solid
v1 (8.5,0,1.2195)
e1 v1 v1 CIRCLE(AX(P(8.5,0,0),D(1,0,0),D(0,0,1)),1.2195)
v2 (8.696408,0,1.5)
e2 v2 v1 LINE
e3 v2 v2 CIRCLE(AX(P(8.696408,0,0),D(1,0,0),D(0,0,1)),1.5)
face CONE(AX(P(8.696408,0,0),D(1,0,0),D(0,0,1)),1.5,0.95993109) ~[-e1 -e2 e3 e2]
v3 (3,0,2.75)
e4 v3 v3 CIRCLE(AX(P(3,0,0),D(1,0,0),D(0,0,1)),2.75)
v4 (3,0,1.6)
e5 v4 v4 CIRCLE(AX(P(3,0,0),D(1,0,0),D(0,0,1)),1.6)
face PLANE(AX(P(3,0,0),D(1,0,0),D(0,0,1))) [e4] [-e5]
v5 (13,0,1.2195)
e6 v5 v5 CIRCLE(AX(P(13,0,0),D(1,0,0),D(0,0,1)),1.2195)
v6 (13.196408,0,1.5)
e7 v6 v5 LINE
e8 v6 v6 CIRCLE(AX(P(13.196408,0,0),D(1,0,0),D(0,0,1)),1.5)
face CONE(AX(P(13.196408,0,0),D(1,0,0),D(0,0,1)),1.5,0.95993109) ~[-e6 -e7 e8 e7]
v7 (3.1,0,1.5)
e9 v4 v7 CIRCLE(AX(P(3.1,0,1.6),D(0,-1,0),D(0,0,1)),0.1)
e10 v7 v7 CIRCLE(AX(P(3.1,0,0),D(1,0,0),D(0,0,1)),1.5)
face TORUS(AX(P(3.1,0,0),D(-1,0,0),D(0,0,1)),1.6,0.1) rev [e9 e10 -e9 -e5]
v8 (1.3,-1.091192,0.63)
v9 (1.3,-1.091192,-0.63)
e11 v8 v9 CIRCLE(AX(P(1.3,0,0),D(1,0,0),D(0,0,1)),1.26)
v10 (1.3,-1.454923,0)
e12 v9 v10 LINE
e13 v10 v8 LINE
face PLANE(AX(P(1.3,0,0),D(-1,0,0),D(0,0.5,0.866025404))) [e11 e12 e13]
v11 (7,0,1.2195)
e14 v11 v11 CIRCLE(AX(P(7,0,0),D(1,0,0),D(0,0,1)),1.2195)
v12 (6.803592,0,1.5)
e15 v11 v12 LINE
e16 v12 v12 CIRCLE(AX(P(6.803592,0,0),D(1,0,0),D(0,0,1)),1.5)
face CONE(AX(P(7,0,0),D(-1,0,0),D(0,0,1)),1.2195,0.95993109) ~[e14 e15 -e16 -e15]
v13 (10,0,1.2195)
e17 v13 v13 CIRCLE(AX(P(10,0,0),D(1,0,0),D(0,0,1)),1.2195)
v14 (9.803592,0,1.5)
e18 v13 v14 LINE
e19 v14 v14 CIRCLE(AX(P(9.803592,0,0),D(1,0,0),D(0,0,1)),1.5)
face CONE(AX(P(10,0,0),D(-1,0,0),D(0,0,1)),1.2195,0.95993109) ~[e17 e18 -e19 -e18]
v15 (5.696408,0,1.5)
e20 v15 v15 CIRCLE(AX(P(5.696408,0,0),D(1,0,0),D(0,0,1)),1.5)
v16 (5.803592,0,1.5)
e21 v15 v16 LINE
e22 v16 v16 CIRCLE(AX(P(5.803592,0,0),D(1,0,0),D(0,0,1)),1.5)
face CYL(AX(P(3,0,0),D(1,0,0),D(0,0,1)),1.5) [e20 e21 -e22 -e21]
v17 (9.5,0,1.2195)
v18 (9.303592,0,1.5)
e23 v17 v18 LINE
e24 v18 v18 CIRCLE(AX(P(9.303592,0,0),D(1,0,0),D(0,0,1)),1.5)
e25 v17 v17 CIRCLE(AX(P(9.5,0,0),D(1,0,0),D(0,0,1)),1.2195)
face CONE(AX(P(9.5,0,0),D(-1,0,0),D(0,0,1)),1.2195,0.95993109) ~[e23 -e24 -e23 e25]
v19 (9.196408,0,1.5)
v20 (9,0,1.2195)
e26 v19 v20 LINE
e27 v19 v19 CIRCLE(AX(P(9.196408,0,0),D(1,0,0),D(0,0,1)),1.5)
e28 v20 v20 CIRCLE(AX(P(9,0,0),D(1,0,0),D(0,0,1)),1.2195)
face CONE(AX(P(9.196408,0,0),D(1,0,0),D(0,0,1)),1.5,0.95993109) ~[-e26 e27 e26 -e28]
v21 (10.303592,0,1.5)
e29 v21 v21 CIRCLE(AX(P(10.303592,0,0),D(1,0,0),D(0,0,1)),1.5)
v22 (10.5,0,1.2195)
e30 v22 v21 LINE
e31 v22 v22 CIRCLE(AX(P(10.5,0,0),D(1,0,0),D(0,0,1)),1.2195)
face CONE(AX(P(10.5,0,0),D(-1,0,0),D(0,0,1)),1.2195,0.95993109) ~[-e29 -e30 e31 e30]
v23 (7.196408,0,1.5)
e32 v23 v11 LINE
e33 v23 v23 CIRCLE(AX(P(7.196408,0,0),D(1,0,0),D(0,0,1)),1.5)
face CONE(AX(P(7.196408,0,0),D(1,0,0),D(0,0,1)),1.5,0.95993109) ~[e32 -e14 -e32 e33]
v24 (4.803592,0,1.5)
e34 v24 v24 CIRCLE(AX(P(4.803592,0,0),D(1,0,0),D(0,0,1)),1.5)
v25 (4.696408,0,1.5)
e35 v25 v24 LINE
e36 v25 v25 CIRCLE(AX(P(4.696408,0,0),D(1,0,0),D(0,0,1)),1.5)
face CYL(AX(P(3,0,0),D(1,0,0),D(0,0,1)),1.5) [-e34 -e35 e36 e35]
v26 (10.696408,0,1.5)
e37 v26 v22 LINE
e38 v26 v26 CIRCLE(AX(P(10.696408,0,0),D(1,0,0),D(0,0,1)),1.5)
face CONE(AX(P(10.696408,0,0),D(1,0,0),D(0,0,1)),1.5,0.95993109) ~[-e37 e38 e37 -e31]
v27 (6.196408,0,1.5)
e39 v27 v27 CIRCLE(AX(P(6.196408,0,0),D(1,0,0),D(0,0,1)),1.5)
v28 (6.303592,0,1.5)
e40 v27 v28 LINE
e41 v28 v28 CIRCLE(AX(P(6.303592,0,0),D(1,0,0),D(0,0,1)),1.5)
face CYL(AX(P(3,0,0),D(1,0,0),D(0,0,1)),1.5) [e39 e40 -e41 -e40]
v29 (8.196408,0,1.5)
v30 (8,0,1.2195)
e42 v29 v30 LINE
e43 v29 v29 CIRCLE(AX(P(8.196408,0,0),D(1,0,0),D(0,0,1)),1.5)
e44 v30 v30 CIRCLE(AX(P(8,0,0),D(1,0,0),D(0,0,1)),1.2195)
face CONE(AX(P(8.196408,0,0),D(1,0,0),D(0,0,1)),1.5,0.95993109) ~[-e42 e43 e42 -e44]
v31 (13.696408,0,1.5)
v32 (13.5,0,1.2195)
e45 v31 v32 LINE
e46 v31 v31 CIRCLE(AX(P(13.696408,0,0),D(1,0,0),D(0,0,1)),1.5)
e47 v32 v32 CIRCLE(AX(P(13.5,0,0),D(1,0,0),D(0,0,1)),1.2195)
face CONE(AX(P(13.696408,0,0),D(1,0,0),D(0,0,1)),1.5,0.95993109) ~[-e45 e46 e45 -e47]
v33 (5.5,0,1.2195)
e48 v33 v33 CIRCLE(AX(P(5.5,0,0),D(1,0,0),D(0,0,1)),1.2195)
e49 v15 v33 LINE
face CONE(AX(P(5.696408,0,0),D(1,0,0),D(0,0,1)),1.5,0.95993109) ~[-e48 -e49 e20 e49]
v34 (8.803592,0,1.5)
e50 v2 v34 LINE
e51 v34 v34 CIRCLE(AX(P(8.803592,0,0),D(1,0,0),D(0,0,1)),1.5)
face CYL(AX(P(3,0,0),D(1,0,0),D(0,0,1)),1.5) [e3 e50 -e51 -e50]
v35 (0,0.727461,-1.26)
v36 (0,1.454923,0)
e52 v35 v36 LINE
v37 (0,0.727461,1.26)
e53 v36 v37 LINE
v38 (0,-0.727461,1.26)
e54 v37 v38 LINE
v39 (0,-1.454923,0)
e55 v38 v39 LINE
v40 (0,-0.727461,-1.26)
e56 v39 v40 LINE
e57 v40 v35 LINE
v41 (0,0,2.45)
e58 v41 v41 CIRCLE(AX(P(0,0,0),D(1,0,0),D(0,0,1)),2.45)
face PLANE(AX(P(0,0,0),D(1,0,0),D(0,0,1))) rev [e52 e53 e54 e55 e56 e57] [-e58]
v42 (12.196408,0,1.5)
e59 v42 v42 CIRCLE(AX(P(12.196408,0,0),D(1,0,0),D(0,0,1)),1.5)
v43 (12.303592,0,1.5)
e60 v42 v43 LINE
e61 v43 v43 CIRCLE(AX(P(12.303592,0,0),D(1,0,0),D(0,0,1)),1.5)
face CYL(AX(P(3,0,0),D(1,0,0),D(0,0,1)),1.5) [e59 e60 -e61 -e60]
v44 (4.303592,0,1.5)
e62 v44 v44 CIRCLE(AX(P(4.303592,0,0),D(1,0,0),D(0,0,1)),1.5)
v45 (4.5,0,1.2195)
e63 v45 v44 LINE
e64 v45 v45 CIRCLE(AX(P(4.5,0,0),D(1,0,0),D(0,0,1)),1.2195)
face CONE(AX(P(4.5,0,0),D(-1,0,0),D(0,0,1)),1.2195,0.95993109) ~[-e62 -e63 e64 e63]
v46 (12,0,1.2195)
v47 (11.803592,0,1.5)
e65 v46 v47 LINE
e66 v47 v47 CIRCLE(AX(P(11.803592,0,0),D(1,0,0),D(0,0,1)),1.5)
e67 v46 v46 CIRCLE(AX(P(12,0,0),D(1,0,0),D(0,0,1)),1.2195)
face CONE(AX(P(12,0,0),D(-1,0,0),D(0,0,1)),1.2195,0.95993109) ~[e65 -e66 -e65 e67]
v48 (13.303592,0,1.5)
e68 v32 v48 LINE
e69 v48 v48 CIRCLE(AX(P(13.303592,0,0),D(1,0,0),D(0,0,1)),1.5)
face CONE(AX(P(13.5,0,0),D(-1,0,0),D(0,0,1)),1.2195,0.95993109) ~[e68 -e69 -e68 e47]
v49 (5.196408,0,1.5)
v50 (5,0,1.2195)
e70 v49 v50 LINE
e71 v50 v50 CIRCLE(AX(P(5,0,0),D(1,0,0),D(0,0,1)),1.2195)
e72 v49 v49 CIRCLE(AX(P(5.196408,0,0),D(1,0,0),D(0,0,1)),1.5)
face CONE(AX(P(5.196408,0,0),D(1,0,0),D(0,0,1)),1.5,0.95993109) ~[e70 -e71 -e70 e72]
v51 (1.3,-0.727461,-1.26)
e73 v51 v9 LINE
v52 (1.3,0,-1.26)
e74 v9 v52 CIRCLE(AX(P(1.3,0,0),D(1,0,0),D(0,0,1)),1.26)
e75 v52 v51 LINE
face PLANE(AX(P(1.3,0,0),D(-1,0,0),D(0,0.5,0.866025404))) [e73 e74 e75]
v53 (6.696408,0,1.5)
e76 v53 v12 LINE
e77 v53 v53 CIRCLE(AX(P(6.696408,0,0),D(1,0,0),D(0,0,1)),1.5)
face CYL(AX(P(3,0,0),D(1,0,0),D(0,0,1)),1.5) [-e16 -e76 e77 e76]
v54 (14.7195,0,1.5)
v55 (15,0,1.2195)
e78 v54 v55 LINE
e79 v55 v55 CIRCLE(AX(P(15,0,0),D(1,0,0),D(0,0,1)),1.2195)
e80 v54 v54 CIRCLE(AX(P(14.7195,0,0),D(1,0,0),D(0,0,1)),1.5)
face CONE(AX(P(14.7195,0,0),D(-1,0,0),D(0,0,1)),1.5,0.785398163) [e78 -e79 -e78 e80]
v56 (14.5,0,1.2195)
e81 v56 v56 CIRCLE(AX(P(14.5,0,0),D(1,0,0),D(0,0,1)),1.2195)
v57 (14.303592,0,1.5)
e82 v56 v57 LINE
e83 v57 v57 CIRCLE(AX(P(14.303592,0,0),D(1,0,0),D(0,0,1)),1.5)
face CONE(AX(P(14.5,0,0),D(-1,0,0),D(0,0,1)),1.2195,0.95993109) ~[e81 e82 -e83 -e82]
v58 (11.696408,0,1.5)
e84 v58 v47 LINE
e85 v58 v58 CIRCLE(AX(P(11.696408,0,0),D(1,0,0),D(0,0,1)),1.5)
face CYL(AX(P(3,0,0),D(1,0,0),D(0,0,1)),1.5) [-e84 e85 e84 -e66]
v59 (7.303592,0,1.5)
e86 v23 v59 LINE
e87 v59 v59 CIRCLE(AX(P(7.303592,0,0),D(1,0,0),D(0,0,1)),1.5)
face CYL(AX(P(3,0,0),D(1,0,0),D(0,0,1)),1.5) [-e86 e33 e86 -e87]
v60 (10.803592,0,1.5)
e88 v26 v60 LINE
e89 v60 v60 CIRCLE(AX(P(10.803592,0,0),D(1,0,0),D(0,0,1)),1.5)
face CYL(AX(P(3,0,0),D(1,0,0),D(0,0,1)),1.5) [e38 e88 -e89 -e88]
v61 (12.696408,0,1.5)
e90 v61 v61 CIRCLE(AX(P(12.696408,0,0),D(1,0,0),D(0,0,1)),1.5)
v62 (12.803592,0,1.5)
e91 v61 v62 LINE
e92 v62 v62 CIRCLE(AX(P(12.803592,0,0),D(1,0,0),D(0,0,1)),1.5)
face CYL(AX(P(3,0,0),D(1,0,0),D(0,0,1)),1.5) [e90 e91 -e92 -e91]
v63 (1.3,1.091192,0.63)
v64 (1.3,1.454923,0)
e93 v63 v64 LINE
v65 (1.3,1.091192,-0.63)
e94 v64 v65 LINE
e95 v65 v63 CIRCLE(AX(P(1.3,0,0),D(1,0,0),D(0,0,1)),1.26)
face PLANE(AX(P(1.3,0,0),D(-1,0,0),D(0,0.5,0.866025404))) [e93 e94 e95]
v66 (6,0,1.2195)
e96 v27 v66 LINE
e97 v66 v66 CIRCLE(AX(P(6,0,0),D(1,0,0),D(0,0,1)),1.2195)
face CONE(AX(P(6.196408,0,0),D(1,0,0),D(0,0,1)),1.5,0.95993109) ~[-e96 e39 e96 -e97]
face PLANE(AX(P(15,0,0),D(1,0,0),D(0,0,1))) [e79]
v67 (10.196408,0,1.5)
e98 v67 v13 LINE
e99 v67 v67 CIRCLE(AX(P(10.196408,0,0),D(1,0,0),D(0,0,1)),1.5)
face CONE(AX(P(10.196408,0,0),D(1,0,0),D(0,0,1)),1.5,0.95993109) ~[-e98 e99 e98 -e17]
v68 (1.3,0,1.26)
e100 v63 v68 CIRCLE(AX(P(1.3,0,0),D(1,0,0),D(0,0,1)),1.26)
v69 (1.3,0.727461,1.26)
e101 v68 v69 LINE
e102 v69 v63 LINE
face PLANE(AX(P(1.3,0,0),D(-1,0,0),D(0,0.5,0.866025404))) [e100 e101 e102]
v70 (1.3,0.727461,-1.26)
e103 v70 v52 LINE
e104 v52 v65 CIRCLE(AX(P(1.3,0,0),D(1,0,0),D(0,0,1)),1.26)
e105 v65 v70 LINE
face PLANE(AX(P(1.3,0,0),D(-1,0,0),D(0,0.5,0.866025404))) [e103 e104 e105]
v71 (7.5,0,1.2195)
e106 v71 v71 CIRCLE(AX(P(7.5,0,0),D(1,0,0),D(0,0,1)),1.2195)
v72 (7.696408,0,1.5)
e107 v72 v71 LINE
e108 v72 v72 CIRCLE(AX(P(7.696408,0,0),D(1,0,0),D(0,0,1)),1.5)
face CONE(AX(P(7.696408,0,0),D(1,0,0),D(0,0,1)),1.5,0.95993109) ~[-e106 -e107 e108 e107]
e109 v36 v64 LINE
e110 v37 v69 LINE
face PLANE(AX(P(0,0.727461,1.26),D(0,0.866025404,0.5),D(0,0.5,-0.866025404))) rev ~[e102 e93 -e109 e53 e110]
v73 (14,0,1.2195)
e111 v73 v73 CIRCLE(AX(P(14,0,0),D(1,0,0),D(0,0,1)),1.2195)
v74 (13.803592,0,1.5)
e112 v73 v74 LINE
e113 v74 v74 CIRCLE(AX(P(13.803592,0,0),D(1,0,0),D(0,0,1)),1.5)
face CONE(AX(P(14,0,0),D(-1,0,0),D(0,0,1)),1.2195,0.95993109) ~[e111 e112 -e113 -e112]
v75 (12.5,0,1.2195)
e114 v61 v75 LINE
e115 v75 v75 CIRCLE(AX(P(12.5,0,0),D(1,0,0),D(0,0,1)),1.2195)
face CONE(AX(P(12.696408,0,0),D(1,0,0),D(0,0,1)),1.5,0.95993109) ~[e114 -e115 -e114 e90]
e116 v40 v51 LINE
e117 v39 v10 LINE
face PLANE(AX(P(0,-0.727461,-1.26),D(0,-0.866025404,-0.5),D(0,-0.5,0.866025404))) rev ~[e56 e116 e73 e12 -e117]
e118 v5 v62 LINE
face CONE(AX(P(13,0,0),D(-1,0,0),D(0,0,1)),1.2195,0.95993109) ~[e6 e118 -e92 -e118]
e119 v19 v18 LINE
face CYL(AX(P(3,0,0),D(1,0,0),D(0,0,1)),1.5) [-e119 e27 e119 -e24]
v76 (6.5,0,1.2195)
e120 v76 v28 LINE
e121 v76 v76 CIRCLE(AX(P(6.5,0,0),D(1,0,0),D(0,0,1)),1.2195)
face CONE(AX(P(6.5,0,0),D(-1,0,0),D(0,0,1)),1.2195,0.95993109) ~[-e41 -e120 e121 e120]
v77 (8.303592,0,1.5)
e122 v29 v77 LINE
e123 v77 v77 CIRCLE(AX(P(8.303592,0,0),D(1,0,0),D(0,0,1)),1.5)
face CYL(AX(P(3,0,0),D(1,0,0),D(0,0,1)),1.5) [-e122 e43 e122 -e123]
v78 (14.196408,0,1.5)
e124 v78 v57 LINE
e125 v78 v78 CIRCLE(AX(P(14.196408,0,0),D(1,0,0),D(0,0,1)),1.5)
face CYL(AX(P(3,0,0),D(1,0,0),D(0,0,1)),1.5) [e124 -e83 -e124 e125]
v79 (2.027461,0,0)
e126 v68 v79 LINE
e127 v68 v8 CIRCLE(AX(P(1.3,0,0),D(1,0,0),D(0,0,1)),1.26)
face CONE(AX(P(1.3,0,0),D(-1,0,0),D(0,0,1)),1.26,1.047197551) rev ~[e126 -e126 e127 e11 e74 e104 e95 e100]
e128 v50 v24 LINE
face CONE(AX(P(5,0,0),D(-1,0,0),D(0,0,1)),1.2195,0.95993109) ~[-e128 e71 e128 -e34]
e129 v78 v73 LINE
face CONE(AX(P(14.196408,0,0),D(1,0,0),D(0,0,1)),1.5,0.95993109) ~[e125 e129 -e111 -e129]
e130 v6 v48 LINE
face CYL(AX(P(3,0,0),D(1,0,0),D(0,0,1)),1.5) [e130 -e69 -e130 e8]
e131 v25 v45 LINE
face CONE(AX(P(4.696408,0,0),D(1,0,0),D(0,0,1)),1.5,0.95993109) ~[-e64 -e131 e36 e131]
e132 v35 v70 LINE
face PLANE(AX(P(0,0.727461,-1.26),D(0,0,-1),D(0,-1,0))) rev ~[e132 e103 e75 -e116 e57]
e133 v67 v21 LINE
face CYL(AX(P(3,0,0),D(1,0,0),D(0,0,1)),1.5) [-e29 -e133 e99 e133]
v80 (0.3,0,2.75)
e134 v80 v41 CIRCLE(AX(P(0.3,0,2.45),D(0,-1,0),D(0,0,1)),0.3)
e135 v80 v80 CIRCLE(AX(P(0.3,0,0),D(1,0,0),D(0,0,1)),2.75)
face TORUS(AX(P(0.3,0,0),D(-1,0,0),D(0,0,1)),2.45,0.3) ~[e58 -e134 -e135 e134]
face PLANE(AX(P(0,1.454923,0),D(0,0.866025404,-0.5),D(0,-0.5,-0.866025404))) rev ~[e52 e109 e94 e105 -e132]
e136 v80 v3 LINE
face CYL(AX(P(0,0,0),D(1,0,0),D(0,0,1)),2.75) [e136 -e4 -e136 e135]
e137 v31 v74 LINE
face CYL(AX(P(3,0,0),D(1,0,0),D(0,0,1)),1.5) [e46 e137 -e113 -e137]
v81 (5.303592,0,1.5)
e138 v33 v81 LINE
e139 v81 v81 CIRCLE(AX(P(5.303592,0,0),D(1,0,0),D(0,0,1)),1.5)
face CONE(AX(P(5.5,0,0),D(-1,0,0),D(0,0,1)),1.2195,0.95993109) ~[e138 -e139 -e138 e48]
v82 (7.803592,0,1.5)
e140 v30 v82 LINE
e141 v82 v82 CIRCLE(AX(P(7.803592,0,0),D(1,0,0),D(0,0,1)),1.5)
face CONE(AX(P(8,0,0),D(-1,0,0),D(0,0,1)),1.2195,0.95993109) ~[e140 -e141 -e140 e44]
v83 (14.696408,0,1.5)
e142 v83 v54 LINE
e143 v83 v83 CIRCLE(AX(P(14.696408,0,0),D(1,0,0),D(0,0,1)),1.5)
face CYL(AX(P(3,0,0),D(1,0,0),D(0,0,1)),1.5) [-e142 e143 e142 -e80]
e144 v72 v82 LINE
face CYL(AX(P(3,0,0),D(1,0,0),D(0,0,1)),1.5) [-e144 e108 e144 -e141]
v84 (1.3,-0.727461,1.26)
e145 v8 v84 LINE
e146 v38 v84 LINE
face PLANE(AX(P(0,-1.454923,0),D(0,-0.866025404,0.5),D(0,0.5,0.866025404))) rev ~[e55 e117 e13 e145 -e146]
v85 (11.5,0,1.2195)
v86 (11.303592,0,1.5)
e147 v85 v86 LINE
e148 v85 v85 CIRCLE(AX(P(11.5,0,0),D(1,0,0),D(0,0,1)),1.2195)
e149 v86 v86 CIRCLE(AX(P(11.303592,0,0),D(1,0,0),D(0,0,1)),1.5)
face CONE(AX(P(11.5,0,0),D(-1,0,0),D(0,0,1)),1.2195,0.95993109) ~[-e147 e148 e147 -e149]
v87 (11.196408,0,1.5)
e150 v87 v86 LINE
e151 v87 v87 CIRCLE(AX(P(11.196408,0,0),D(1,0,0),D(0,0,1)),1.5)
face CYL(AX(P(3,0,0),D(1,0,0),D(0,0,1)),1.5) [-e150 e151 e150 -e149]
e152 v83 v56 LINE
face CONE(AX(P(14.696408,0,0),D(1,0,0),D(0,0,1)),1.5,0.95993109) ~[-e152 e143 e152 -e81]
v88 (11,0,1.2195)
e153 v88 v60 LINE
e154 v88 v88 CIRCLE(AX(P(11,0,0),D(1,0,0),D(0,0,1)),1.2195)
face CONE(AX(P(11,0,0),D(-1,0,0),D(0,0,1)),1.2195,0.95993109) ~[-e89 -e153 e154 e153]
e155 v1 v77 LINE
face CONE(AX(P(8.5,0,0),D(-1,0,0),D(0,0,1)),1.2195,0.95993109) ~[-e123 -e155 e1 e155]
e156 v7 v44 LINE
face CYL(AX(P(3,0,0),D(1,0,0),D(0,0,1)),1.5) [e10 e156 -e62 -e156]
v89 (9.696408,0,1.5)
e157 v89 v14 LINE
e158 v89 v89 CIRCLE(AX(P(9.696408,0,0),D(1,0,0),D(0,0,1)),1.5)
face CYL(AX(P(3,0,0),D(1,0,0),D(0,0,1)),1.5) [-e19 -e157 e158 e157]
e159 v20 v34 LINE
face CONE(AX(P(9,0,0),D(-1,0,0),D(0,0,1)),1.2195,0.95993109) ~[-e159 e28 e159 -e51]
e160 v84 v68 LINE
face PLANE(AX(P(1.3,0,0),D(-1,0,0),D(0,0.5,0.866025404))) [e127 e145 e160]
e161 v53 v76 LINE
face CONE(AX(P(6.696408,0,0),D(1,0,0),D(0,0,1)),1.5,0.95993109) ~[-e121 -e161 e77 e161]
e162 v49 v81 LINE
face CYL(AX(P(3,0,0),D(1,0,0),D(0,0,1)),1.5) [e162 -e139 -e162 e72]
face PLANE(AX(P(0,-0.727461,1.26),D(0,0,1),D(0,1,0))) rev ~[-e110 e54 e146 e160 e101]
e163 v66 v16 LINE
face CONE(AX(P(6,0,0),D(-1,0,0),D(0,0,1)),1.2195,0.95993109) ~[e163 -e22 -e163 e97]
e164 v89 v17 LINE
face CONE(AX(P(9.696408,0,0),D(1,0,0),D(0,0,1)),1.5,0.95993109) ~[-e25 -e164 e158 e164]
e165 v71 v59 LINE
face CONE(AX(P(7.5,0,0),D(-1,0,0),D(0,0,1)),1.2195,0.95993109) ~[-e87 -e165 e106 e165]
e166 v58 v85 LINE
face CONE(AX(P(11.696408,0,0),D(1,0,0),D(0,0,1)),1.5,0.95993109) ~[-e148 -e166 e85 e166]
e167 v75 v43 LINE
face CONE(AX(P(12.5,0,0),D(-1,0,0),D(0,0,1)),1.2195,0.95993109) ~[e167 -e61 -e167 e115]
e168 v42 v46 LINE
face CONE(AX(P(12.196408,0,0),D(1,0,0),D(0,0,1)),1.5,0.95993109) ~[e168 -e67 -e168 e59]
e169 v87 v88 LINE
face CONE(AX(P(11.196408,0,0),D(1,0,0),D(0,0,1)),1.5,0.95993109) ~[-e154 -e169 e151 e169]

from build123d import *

# Parameters (mm, degrees)
FILLET1_R       = 0.1
FILLET2_R       = 0.3
HEX_2_DEPTH     = 1.3
THDSCHPAT_COUNT = 21
THDSCHPAT_PITCH = 0.5


with BuildPart() as part:
    # BodySke → Base-Revolve (revolve)
    with BuildSketch(Plane.XY, mode=Mode.PRIVATE) as base_revolve_sk:
        Polygon((0, 0), (0, 2.75), (3, 2.75), (3, 1.5), (14.7195, 1.5), (15, 1.2195), (15, 0), align=None)
    revolve(base_revolve_sk.sketch.rotate(Axis((-31.75, 0, 0), (1, 0, 0)), 90), axis=Axis((-31.75, 0, 0), (1, 0, 0)))  # turned: the seam where the file's is

    # Fillet1
    fillet1_edges = [part.edges().sort_by_distance(p)[0] for p in [
        (3, 0, -1.5),
    ]]
    fillet(fillet1_edges, radius=FILLET1_R)

    # Fillet2
    fillet2_edges = [part.edges().sort_by_distance(p)[0] for p in [
        (0, 0, -2.75),
    ]]
    fillet(fillet2_edges, radius=FILLET2_R)

    # Sketch2 → Hex-PreBroach (revolve, cut)
    with BuildSketch(Plane.XY, mode=Mode.PRIVATE) as hex_prebroach_sk:
        Polygon((0, 1.26), (1.3, 1.26), (2.027461339, 0), (0, 0), align=None)
    revolve(hex_prebroach_sk.sketch.rotate(Axis((0, 0, 0), (1, 0, 0)), 90), axis=Axis((0, 0, 0), (1, 0, 0)), mode=Mode.SUBTRACT)  # turned: the seam where the file's is

    # Sketch3 → Hex 2 (cut)
    with BuildSketch(Plane(origin=(0, 0, 0), x_dir=(0, 0.5, 0.866025404), z_dir=(-1, 0, 0))):
        Polygon((0.727461339, 1.26), (-0.727461339, 1.26), (-1.454922678, 0), (-0.727461339, -1.26), (0.727461339, -1.26), (1.454922678, 0), align=None)
    extrude(amount=-HEX_2_DEPTH, mode=Mode.SUBTRACT)

    # ThdSchSke → ThreadSchematic (revolve, cut)
    with BuildSketch(Plane.XY, mode=Mode.PRIVATE) as threadschematic_sk:
        Polygon((4.5, -1.2195), (4.303591786, -1.5), (4.303591786, -1.875), (4.696408214, -1.875), (4.696408214, -1.5), align=None)
    threadschematic = revolve(threadschematic_sk.sketch.rotate(Axis((-3.175, 0, 0), (1, 0, 0)), 270), axis=Axis((-3.175, 0, 0), (1, 0, 0)), mode=Mode.SUBTRACT)  # turned: the seam where the file's is

    # ThdSchPat: ThreadSchematic ×21
    with Locations(*[(i * THDSCHPAT_PITCH, 0, 0) for i in range(1, THDSCHPAT_COUNT)]):
        add(threadschematic, mode=Mode.SUBTRACT)


solid = part.part
